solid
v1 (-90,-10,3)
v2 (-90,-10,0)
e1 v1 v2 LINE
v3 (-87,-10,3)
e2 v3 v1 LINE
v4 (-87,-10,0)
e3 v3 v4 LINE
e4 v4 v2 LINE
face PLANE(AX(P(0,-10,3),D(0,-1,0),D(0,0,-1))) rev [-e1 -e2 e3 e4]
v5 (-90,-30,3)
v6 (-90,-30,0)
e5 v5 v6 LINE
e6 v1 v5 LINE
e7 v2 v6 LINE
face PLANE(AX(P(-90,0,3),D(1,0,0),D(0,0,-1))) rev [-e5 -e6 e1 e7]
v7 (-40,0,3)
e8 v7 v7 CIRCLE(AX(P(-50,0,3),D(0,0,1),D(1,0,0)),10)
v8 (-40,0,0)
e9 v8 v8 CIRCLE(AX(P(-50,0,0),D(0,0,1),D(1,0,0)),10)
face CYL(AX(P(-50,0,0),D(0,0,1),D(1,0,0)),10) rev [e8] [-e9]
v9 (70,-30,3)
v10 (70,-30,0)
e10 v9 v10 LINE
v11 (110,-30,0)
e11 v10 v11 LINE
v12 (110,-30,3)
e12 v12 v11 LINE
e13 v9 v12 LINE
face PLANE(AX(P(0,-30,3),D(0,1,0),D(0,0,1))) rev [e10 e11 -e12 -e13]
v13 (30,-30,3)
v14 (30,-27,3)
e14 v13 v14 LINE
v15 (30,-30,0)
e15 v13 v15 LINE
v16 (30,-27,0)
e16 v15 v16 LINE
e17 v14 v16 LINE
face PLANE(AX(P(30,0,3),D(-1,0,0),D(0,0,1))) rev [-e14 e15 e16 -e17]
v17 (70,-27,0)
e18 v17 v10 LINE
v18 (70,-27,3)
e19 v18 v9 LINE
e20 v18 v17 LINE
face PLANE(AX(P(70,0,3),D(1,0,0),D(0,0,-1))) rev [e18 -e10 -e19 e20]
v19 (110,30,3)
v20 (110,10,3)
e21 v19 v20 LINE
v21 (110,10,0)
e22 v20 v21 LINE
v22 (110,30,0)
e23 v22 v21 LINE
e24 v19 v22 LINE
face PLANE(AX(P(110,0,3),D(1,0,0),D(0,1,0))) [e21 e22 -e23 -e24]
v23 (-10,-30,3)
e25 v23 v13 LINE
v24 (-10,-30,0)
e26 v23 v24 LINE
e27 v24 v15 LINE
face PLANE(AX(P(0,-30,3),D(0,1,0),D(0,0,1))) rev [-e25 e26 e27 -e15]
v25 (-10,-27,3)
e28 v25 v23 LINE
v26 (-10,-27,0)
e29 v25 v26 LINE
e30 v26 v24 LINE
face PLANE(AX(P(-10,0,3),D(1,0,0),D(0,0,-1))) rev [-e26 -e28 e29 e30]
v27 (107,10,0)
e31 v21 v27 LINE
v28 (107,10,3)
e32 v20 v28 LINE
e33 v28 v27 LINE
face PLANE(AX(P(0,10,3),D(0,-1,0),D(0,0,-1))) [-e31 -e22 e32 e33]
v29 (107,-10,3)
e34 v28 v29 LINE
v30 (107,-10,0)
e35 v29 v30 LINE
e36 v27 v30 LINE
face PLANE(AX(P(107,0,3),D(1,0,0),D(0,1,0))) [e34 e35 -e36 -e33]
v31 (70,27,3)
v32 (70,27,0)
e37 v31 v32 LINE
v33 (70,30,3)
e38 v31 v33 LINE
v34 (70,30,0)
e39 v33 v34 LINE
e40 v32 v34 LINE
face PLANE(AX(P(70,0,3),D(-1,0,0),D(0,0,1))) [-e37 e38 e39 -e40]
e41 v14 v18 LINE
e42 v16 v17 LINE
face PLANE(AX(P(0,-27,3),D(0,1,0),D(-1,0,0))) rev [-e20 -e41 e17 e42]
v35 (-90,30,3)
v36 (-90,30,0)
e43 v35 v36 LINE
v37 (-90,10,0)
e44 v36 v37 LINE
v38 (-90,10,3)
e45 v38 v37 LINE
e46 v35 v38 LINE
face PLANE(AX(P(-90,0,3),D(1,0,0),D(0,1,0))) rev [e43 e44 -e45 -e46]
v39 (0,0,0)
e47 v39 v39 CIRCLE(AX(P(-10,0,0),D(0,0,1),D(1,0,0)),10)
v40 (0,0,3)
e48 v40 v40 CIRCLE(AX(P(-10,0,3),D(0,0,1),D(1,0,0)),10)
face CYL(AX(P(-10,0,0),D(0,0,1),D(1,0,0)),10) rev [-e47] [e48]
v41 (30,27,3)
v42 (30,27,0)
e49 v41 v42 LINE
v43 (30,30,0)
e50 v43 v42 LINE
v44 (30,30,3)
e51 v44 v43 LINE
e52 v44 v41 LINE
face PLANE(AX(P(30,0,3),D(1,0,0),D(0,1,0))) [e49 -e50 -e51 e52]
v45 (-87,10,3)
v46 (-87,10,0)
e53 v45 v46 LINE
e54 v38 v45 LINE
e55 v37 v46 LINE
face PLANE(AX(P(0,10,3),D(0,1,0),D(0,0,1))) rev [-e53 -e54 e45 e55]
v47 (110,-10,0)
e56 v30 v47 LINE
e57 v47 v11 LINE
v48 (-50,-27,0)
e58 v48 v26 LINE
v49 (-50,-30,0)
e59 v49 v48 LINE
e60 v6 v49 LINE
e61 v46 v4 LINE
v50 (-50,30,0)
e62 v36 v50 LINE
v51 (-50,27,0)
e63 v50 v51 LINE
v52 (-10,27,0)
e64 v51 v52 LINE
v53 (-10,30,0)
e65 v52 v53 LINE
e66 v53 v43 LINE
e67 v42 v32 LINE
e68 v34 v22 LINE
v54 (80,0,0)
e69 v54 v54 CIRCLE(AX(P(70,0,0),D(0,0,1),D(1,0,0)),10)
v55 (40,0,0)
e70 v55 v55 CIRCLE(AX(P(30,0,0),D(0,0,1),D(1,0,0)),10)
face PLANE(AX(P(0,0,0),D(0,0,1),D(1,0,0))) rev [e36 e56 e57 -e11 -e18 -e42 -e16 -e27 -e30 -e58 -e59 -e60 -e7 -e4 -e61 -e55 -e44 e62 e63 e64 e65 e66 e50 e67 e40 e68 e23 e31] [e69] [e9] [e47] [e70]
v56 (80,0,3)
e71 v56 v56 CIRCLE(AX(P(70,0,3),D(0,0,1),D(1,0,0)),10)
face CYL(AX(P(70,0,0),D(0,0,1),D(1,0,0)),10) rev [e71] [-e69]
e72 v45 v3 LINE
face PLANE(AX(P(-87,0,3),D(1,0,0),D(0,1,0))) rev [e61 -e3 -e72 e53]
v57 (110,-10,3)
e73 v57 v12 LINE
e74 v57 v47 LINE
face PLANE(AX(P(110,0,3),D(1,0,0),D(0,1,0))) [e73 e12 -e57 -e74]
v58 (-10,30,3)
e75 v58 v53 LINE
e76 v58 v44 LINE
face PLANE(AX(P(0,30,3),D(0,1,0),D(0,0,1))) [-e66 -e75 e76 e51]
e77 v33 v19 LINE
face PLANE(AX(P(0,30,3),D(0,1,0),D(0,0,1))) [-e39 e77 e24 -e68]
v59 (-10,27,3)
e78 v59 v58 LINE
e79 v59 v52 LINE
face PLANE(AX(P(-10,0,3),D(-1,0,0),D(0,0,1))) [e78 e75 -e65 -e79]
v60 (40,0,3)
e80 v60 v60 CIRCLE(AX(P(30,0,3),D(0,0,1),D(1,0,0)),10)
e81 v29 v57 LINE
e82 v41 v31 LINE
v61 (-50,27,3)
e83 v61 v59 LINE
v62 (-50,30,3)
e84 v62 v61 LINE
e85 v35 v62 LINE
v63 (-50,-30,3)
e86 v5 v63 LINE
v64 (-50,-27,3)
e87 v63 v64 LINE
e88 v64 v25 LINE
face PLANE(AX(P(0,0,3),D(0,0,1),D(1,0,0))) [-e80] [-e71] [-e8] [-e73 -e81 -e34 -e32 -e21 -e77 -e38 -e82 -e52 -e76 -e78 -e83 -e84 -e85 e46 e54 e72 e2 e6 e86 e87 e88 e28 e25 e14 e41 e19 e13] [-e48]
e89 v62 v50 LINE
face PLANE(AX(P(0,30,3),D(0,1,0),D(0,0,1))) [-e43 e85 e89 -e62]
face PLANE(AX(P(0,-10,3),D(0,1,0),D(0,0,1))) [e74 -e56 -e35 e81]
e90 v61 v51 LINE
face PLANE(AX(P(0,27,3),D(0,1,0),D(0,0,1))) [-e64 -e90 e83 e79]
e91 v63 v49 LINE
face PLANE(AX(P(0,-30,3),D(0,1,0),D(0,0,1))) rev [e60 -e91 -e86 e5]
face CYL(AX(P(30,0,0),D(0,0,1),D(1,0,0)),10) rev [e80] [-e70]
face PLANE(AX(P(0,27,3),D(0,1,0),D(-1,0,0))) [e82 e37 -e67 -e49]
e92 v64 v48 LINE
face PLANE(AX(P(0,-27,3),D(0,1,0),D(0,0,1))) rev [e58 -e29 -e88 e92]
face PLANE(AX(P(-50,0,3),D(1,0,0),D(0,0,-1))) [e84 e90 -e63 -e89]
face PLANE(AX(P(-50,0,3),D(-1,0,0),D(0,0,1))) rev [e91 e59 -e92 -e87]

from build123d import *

# Parameters (mm, degrees)
BOSS_EXTRUDE1_DEPTH = 3
SKETCH2_R           = 10
CUT_EXTRUDE1_DEPTH  = 115.057003292


with BuildPart() as part:
    # Sketch1 → Boss-Extrude1 (new body)
    with BuildSketch(Plane.XY):
        Polygon((-50, 30), (-90, 30), (-90, 10), (-87, 10), (-87, -10), (-90, -10), (-90, -30), (-50, -30), (-50, -27), (-10, -27), (-10, -30), (30, -30), (30, -27), (70, -27), (70, -30), (71.400928912, -30), (110, -30), (110, -10), (107, -10), (107, 10), (110, 10), (110, 30), (71.400928912, 30), (70, 30), (70, 27), (30, 27), (30, 30), (-10, 30), (-10, 27), (-50, 27), align=None)
    extrude(amount=BOSS_EXTRUDE1_DEPTH)

    # Sketch2 → Cut-Extrude1 (cut, through all)
    with BuildSketch(Plane.XY.offset(3)):
        with Locations((-50, 0)):
            Circle(SKETCH2_R)
        with Locations((-10, 0)):
            Circle(SKETCH2_R)
        with Locations((30, 0)):
            Circle(SKETCH2_R)
        with Locations((70, 0)):
            Circle(SKETCH2_R)
    extrude(amount=-CUT_EXTRUDE1_DEPTH, mode=Mode.SUBTRACT)


solid = part.part
